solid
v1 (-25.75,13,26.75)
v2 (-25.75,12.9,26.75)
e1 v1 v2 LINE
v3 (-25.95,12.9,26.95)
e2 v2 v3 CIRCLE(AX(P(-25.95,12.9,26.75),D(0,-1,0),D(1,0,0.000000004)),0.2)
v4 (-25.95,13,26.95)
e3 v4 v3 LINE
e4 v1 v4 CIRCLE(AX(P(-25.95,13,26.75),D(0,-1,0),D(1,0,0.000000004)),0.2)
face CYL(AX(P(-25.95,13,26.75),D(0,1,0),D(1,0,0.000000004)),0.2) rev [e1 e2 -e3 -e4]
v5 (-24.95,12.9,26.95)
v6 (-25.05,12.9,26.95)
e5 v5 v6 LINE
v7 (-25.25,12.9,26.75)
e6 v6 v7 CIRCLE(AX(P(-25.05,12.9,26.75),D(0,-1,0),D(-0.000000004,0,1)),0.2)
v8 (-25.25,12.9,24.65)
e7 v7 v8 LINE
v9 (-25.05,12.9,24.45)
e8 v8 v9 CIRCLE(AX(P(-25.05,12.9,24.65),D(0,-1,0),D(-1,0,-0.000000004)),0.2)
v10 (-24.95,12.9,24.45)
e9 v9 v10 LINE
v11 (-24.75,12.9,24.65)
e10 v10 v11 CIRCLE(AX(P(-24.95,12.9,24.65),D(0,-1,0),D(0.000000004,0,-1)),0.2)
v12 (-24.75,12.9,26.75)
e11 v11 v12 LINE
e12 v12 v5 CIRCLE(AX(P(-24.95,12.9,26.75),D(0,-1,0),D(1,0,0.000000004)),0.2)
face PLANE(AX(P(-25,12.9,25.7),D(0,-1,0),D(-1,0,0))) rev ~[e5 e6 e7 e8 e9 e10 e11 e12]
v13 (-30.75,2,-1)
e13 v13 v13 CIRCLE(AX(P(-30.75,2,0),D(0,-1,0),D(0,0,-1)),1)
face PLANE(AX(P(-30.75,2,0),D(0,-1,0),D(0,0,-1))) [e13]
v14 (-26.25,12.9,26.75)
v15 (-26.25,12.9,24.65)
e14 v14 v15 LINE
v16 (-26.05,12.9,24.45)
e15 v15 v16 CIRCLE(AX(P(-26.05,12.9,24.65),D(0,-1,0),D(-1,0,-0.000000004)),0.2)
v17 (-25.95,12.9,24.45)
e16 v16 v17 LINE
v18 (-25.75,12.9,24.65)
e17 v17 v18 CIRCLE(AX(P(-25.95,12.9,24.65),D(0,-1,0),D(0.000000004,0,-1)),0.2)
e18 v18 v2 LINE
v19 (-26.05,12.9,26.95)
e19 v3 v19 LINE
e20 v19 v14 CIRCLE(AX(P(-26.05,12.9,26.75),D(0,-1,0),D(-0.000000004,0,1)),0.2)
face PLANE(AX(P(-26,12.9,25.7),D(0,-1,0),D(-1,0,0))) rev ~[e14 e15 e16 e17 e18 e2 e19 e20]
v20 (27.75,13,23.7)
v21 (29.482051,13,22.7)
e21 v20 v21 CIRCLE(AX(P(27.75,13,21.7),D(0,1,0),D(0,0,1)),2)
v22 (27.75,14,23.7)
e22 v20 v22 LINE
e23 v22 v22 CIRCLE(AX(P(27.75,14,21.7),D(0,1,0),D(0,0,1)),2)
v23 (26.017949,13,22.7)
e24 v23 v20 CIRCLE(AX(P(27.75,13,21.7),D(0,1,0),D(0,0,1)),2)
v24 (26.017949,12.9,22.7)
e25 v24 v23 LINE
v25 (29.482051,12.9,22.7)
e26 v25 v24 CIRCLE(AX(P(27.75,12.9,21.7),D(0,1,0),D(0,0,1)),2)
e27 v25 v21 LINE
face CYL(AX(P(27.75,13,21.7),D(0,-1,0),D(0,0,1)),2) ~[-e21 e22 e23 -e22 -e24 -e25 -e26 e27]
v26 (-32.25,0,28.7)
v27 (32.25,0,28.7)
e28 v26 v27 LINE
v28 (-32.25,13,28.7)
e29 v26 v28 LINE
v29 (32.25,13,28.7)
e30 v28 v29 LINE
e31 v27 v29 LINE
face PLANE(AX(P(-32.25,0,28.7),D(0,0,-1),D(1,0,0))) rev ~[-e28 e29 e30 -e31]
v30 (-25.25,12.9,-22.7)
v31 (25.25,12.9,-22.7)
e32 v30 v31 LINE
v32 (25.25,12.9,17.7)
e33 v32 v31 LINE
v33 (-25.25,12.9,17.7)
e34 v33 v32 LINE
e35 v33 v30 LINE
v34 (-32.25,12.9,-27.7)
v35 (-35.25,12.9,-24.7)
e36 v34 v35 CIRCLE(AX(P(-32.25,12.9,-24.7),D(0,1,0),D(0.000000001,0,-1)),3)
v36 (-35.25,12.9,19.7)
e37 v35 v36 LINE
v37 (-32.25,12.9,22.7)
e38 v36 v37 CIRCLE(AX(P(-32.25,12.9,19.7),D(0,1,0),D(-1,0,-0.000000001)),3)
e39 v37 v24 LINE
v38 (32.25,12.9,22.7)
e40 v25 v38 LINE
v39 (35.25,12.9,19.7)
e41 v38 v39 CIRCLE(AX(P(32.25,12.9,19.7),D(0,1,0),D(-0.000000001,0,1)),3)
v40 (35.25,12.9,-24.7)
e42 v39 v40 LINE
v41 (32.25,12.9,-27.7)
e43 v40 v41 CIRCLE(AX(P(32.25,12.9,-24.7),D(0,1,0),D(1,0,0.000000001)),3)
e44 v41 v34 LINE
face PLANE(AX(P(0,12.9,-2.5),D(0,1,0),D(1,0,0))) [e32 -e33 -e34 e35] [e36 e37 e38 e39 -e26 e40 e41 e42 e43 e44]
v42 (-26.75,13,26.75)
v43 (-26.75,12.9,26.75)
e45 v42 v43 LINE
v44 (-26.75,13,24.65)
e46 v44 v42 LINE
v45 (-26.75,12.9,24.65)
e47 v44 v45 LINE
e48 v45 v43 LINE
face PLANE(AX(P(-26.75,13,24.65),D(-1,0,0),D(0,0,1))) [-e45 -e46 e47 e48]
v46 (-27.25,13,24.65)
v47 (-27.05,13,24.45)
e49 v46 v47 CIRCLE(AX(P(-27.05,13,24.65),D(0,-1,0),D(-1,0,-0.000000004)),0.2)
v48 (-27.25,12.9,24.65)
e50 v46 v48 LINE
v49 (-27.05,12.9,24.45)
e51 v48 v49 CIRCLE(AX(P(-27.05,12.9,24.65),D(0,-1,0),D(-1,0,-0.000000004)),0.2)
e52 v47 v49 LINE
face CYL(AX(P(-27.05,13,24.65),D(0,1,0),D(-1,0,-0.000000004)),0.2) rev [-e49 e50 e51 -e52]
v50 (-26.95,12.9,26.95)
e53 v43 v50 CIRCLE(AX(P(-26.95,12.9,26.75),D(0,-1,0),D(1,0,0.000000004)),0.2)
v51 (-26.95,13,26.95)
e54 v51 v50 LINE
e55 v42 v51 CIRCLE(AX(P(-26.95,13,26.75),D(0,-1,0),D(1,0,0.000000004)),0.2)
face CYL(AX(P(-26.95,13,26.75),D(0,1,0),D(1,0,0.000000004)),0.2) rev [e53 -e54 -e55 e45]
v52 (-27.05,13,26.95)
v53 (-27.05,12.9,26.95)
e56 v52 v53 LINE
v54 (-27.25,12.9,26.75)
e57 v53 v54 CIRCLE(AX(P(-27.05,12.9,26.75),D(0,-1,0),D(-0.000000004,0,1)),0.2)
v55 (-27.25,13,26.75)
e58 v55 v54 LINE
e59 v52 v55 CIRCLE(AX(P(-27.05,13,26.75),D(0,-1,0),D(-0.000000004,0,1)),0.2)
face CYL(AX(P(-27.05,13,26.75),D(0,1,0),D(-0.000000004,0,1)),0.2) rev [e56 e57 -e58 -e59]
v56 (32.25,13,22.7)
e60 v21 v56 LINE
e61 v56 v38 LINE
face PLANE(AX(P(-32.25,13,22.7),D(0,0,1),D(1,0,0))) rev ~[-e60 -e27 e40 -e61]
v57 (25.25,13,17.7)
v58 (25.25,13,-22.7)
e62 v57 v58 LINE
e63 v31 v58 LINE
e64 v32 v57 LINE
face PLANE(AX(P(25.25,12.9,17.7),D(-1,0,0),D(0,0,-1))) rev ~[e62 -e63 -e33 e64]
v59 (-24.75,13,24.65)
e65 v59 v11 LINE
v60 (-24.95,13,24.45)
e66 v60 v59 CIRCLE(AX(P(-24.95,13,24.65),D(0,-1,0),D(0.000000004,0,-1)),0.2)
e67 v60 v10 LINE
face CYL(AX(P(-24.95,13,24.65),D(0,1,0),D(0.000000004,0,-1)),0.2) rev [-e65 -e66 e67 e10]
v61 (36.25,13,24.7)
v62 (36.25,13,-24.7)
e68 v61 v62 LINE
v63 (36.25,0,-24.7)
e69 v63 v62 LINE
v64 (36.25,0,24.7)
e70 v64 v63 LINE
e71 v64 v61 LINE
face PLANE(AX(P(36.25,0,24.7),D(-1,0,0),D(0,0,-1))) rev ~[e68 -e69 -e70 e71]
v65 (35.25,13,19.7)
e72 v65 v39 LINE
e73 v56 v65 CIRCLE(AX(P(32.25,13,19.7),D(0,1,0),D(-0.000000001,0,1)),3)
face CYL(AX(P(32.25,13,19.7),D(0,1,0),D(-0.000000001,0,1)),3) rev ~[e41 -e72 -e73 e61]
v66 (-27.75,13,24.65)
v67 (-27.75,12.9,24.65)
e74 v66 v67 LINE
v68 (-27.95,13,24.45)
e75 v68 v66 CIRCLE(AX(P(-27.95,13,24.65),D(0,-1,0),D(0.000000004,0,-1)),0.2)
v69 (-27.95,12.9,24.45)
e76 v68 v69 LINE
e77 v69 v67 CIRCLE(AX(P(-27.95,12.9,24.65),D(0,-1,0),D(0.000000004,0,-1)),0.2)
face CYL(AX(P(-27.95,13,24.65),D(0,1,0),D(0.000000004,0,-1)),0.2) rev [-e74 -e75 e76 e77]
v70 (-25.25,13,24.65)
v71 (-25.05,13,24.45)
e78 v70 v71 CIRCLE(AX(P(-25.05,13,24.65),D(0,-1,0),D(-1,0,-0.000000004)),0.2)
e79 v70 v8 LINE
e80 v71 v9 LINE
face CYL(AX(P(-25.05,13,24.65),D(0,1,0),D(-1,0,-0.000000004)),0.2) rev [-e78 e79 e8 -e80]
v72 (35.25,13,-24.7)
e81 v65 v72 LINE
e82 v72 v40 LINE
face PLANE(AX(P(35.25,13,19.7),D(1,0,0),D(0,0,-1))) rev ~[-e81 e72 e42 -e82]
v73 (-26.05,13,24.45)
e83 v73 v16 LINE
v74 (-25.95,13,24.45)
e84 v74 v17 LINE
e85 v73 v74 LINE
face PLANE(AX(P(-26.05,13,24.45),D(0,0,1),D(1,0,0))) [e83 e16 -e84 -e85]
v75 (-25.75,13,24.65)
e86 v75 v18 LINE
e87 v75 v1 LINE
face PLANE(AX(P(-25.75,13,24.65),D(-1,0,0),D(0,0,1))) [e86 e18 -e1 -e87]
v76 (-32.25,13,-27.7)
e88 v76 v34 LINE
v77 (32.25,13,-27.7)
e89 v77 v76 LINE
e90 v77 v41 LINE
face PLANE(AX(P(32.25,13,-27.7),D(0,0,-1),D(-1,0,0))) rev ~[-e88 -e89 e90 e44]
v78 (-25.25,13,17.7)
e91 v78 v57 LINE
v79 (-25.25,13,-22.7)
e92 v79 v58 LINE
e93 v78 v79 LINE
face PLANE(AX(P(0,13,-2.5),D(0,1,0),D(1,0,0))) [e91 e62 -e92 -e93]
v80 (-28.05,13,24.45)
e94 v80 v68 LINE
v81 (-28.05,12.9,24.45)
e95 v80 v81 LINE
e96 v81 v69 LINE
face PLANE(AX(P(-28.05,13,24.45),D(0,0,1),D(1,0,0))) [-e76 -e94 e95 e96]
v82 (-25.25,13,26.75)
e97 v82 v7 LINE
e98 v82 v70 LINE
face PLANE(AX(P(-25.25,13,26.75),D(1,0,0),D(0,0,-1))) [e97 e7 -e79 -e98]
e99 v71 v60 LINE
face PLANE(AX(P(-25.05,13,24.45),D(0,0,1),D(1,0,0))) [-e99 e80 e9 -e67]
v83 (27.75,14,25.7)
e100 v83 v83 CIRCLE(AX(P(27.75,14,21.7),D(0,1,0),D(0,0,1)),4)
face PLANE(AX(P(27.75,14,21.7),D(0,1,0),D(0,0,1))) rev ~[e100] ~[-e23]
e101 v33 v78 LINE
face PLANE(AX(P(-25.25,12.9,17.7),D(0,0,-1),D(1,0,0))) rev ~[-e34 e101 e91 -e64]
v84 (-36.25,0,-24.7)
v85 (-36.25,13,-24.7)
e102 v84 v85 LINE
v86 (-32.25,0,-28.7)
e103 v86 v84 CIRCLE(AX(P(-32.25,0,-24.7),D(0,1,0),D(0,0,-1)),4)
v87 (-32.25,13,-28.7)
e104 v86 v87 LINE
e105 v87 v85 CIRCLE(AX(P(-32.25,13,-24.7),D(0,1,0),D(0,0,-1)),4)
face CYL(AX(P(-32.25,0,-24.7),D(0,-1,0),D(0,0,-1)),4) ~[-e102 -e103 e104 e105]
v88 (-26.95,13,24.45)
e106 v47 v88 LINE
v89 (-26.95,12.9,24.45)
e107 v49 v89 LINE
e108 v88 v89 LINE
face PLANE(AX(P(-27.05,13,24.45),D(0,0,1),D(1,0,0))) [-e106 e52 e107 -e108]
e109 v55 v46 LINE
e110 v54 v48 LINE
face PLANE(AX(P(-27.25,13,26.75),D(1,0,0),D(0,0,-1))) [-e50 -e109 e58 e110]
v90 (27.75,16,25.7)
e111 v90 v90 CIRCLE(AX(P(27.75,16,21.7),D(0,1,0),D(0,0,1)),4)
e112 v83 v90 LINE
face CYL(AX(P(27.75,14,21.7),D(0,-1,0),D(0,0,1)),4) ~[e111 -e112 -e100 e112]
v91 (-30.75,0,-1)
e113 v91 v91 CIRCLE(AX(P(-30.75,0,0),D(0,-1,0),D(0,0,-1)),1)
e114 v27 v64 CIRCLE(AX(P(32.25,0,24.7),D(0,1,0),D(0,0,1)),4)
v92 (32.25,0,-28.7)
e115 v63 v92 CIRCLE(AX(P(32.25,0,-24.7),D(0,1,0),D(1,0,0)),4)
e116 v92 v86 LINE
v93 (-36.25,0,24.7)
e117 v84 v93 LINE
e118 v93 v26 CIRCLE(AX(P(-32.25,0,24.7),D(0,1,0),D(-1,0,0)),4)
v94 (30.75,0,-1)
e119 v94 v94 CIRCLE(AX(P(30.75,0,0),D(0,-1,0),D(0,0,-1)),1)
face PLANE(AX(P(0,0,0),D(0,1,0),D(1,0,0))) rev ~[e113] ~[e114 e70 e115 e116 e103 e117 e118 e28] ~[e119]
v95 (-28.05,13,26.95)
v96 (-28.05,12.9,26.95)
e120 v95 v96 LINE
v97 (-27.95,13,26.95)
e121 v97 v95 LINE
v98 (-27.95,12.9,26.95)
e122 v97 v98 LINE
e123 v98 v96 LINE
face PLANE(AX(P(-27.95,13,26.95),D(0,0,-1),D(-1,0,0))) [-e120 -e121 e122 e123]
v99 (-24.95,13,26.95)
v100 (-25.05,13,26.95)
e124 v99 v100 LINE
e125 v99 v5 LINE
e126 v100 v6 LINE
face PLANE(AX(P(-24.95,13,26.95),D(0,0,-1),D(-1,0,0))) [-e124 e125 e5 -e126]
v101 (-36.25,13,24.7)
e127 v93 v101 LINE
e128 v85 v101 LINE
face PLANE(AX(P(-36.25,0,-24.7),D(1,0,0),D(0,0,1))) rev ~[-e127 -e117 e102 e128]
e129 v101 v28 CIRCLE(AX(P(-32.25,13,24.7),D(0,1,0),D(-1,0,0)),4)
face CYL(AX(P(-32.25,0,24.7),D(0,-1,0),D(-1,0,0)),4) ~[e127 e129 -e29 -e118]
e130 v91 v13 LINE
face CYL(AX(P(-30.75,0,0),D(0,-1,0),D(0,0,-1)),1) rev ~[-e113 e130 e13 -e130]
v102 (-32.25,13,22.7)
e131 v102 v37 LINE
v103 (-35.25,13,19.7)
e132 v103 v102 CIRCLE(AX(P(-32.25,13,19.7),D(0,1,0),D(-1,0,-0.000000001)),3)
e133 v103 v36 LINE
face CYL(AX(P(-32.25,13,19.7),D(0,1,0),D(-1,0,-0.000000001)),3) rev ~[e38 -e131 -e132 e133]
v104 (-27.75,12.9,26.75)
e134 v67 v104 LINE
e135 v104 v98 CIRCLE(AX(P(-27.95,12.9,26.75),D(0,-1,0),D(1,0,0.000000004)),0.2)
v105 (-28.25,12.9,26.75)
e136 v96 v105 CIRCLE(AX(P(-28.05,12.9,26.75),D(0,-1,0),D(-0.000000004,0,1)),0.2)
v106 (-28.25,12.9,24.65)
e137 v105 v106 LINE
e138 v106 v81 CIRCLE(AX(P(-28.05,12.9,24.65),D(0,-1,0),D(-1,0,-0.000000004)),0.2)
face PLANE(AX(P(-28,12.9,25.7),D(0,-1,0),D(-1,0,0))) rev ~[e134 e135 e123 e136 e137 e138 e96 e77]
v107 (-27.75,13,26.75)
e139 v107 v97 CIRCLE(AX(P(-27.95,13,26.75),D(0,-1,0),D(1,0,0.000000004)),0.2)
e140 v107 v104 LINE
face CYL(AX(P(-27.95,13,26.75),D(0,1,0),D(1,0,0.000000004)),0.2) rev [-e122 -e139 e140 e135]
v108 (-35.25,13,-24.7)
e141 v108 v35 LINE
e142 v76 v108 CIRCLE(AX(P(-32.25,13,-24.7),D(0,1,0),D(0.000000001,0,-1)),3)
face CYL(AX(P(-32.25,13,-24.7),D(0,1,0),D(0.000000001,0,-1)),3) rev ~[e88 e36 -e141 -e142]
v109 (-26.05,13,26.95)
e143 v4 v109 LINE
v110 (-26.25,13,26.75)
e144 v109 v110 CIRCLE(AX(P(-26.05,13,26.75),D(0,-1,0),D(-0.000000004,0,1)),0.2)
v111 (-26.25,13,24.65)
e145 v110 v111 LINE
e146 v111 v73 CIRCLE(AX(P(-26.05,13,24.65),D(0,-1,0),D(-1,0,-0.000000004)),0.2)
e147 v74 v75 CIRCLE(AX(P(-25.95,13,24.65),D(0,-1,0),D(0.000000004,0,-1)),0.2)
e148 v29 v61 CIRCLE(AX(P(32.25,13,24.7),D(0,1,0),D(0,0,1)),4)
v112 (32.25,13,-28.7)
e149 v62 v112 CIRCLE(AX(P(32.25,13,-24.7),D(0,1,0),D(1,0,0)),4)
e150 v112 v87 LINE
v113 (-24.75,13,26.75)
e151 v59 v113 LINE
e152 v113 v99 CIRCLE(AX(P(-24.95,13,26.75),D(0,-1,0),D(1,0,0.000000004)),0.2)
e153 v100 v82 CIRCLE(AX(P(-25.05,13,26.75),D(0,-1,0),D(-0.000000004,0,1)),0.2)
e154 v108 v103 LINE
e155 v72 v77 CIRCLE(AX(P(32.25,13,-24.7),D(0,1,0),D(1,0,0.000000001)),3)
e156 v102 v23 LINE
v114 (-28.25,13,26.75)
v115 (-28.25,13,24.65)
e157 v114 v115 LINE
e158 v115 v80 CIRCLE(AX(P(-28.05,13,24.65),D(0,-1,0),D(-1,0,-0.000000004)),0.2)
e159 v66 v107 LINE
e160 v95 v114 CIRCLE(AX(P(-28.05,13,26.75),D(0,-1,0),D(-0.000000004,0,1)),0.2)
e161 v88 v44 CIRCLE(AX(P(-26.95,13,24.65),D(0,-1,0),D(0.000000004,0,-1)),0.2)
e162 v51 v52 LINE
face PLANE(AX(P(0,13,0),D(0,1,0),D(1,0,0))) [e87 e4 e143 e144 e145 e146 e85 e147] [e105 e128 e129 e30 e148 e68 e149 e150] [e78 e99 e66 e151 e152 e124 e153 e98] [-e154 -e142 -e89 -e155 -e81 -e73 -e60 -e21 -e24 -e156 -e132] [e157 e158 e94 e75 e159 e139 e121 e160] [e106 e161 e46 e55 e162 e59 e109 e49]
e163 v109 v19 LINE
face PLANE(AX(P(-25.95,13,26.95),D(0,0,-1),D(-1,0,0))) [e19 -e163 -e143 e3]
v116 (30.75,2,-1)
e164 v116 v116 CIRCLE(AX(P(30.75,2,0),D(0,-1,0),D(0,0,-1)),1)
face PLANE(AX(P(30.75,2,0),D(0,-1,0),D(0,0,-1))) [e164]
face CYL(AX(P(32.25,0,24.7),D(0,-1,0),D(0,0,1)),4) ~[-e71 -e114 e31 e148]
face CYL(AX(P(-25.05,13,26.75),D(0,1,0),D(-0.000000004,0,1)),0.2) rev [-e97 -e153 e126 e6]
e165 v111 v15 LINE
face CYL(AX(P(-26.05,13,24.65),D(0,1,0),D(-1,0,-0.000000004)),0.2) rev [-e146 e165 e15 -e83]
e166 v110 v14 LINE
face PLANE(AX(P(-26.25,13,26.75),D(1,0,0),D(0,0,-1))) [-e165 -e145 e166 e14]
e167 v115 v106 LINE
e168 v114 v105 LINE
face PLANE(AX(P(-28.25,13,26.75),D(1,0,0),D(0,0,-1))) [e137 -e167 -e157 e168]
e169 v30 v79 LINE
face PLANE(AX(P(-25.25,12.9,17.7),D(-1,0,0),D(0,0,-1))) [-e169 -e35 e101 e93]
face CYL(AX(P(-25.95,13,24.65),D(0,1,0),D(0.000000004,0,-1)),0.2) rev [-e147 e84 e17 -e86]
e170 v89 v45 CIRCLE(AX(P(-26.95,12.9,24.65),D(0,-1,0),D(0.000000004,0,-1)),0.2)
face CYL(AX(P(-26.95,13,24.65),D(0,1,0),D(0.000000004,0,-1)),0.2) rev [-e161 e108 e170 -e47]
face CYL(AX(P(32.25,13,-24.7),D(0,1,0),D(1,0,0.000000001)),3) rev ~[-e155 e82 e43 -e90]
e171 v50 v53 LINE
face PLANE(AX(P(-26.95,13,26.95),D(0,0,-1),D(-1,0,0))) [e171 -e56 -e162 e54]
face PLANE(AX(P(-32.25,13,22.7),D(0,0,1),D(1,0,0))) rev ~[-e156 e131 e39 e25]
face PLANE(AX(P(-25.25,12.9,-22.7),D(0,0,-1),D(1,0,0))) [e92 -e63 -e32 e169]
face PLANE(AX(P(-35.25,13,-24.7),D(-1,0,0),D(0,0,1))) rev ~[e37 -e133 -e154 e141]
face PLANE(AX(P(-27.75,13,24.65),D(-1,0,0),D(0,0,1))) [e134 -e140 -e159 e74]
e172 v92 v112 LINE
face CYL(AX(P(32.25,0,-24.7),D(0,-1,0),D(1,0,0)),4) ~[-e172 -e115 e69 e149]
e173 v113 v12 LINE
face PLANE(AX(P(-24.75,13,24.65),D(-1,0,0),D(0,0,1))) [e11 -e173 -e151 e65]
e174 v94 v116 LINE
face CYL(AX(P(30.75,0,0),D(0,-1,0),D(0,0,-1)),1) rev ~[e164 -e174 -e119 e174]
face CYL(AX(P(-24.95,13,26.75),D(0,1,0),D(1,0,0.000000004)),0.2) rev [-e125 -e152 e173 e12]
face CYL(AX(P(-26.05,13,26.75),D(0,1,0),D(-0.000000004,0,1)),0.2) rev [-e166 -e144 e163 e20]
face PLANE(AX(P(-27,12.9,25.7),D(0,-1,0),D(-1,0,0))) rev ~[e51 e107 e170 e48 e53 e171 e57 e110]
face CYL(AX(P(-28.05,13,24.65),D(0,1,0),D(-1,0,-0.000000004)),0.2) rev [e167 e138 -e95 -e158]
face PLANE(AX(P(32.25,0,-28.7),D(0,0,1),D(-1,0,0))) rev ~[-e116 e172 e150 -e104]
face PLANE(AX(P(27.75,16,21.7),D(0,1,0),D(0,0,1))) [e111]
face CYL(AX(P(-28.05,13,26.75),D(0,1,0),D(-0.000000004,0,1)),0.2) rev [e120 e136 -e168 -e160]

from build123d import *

# Parameters (mm, degrees)
BOSS_EXTRUDE1_DEPTH      = 13
CUT_EXTRUDE1_DEPTH       = 0.1
SKETCH3_W                = 50.5
SKETCH3_H                = 40.4
BOSS_EXTRUDE2_DEPTH      = 0.1
SKETCH4_R                = 2
BOSS_EXTRUDE3_DEPTH      = 1
BOSS_EXTRUDE3_DEPTH_BACK = 1
SKETCH5_R                = 4
BOSS_EXTRUDE4_DEPTH      = 2
SKETCH6_R                = 1
CUT_EXTRUDE3_DEPTH       = 2


with BuildPart() as part:
    # Sketch1 → Boss-Extrude1 (new body)
    with BuildSketch(Plane(origin=(0, 0, 0), x_dir=(1, 0, 0), z_dir=(0, 1, 0))):
        with BuildLine():
            Line((32.25, 28.7), (-32.25, 28.7))
            ThreePointArc((-32.25, 28.7), (-35.078427125, 27.528427125), (-36.25, 24.7))
            Line((-36.25, 24.7), (-36.25, -24.7))
            ThreePointArc((-36.25, -24.7), (-35.078427125, -27.528427125), (-32.25, -28.7))
            Line((-32.25, -28.7), (32.25, -28.7))
            ThreePointArc((32.25, -28.7), (35.078427125, -27.528427125), (36.25, -24.7))
            Line((36.25, -24.7), (36.25, 24.7))
            ThreePointArc((36.25, 24.7), (35.078427125, 27.528427125), (32.25, 28.7))
        make_face()
    extrude(amount=BOSS_EXTRUDE1_DEPTH)

    # Sketch2 → Cut-Extrude1 (cut)
    with BuildSketch(Plane(origin=(0, 13, 0), x_dir=(1, 0, 0), z_dir=(0, 1, 0))):
        with BuildLine():
            Line((-27.25, -26.75), (-27.25, -24.65))
            ThreePointArc((-27.25, -24.65), (-27.191421356, -24.508578644), (-27.05, -24.45))
            Line((-27.05, -24.45), (-26.95, -24.45))
            ThreePointArc((-26.95, -24.45), (-26.808578644, -24.508578644), (-26.75, -24.65))
            Line((-26.75, -24.65), (-26.75, -26.75))
            ThreePointArc((-26.75, -26.75), (-26.808578644, -26.891421356), (-26.95, -26.95))
            Line((-26.95, -26.95), (-27.05, -26.95))
            ThreePointArc((-27.05, -26.95), (-27.191421356, -26.891421356), (-27.25, -26.75))
        make_face()
        with BuildLine():
            Line((-32.25, -22.7), (32.25, -22.7))
            ThreePointArc((32.25, -22.7), (34.371320344, -21.821320344), (35.25, -19.7))
            Line((35.25, -19.7), (35.25, 24.7))
            ThreePointArc((35.25, 24.7), (34.371320344, 26.821320344), (32.25, 27.7))
            Line((32.25, 27.7), (-32.25, 27.7))
            ThreePointArc((-32.25, 27.7), (-34.371320344, 26.821320344), (-35.25, 24.7))
            Line((-35.25, 24.7), (-35.25, -19.7))
            ThreePointArc((-35.25, -19.7), (-34.371320344, -21.821320344), (-32.25, -22.7))
        make_face()
        with BuildLine():
            Line((-28.25, -26.75), (-28.25, -24.65))
            ThreePointArc((-28.25, -24.65), (-28.191421356, -24.508578644), (-28.05, -24.45))
            Line((-28.05, -24.45), (-27.95, -24.45))
            ThreePointArc((-27.95, -24.45), (-27.808578644, -24.508578644), (-27.75, -24.65))
            Line((-27.75, -24.65), (-27.75, -26.75))
            ThreePointArc((-27.75, -26.75), (-27.808578644, -26.891421356), (-27.95, -26.95))
            Line((-27.95, -26.95), (-28.05, -26.95))
            ThreePointArc((-28.05, -26.95), (-28.191421356, -26.891421356), (-28.25, -26.75))
        make_face()
        with BuildLine():
            Line((-26.25, -26.75), (-26.25, -24.65))
            ThreePointArc((-26.25, -24.65), (-26.191421356, -24.508578644), (-26.05, -24.45))
            Line((-26.05, -24.45), (-25.95, -24.45))
            ThreePointArc((-25.95, -24.45), (-25.808578644, -24.508578644), (-25.75, -24.65))
            Line((-25.75, -24.65), (-25.75, -26.75))
            ThreePointArc((-25.75, -26.75), (-25.808578644, -26.891421356), (-25.95, -26.95))
            Line((-25.95, -26.95), (-26.05, -26.95))
            ThreePointArc((-26.05, -26.95), (-26.191421356, -26.891421356), (-26.25, -26.75))
        make_face()
        with BuildLine():
            Line((-25.25, -26.75), (-25.25, -24.65))
            ThreePointArc((-25.25, -24.65), (-25.191421356, -24.508578644), (-25.05, -24.45))
            Line((-25.05, -24.45), (-24.95, -24.45))
            ThreePointArc((-24.95, -24.45), (-24.808578644, -24.508578644), (-24.75, -24.65))
            Line((-24.75, -24.65), (-24.75, -26.75))
            ThreePointArc((-24.75, -26.75), (-24.808578644, -26.891421356), (-24.95, -26.95))
            Line((-24.95, -26.95), (-25.05, -26.95))
            ThreePointArc((-25.05, -26.95), (-25.191421356, -26.891421356), (-25.25, -26.75))
        make_face()
    extrude(amount=-CUT_EXTRUDE1_DEPTH, mode=Mode.SUBTRACT)

    # Sketch3 → Boss-Extrude2 (add)
    with BuildSketch(Plane(origin=(0, 12.9, 0), x_dir=(1, 0, 0), z_dir=(0, 1, 0))):
        with Locations((0, 2.5)):
            Rectangle(SKETCH3_W, SKETCH3_H)
    extrude(amount=BOSS_EXTRUDE2_DEPTH)

    # Sketch4 → Boss-Extrude3 (add, two sides)
    with BuildSketch(Plane(origin=(0, 13, 0), x_dir=(1, 0, 0), z_dir=(0, 1, 0))) as boss_extrude3_sk:
        with Locations(Location((27.75, -21.7, 0), (0, 0, 270))):  # turned: the seam where the file's is
            Circle(SKETCH4_R)
    extrude(amount=BOSS_EXTRUDE3_DEPTH)
    extrude(boss_extrude3_sk.sketch, amount=-BOSS_EXTRUDE3_DEPTH_BACK)

    # Sketch5 → Boss-Extrude4 (add)
    with BuildSketch(Plane(origin=(0, 14, 0), x_dir=(1, 0, 0), z_dir=(0, 1, 0))):
        with Locations(Location((27.75, -21.7, 0), (0, 0, 270))):  # turned: the seam where the file's is
            Circle(SKETCH5_R)
    extrude(amount=BOSS_EXTRUDE4_DEPTH)

    # Sketch6 → Cut-Extrude3 (cut)
    with BuildSketch(Plane.XZ):
        with Locations(Location((30.75, 0, 0), (0, 0, 270))):  # turned: the seam where the file's is
            Circle(SKETCH6_R)
        with Locations(Location((-30.75, 0, 0), (0, 0, 270))):  # turned: the seam where the file's is
            Circle(SKETCH6_R)
    extrude(amount=-CUT_EXTRUDE3_DEPTH, mode=Mode.SUBTRACT)


solid = part.part
